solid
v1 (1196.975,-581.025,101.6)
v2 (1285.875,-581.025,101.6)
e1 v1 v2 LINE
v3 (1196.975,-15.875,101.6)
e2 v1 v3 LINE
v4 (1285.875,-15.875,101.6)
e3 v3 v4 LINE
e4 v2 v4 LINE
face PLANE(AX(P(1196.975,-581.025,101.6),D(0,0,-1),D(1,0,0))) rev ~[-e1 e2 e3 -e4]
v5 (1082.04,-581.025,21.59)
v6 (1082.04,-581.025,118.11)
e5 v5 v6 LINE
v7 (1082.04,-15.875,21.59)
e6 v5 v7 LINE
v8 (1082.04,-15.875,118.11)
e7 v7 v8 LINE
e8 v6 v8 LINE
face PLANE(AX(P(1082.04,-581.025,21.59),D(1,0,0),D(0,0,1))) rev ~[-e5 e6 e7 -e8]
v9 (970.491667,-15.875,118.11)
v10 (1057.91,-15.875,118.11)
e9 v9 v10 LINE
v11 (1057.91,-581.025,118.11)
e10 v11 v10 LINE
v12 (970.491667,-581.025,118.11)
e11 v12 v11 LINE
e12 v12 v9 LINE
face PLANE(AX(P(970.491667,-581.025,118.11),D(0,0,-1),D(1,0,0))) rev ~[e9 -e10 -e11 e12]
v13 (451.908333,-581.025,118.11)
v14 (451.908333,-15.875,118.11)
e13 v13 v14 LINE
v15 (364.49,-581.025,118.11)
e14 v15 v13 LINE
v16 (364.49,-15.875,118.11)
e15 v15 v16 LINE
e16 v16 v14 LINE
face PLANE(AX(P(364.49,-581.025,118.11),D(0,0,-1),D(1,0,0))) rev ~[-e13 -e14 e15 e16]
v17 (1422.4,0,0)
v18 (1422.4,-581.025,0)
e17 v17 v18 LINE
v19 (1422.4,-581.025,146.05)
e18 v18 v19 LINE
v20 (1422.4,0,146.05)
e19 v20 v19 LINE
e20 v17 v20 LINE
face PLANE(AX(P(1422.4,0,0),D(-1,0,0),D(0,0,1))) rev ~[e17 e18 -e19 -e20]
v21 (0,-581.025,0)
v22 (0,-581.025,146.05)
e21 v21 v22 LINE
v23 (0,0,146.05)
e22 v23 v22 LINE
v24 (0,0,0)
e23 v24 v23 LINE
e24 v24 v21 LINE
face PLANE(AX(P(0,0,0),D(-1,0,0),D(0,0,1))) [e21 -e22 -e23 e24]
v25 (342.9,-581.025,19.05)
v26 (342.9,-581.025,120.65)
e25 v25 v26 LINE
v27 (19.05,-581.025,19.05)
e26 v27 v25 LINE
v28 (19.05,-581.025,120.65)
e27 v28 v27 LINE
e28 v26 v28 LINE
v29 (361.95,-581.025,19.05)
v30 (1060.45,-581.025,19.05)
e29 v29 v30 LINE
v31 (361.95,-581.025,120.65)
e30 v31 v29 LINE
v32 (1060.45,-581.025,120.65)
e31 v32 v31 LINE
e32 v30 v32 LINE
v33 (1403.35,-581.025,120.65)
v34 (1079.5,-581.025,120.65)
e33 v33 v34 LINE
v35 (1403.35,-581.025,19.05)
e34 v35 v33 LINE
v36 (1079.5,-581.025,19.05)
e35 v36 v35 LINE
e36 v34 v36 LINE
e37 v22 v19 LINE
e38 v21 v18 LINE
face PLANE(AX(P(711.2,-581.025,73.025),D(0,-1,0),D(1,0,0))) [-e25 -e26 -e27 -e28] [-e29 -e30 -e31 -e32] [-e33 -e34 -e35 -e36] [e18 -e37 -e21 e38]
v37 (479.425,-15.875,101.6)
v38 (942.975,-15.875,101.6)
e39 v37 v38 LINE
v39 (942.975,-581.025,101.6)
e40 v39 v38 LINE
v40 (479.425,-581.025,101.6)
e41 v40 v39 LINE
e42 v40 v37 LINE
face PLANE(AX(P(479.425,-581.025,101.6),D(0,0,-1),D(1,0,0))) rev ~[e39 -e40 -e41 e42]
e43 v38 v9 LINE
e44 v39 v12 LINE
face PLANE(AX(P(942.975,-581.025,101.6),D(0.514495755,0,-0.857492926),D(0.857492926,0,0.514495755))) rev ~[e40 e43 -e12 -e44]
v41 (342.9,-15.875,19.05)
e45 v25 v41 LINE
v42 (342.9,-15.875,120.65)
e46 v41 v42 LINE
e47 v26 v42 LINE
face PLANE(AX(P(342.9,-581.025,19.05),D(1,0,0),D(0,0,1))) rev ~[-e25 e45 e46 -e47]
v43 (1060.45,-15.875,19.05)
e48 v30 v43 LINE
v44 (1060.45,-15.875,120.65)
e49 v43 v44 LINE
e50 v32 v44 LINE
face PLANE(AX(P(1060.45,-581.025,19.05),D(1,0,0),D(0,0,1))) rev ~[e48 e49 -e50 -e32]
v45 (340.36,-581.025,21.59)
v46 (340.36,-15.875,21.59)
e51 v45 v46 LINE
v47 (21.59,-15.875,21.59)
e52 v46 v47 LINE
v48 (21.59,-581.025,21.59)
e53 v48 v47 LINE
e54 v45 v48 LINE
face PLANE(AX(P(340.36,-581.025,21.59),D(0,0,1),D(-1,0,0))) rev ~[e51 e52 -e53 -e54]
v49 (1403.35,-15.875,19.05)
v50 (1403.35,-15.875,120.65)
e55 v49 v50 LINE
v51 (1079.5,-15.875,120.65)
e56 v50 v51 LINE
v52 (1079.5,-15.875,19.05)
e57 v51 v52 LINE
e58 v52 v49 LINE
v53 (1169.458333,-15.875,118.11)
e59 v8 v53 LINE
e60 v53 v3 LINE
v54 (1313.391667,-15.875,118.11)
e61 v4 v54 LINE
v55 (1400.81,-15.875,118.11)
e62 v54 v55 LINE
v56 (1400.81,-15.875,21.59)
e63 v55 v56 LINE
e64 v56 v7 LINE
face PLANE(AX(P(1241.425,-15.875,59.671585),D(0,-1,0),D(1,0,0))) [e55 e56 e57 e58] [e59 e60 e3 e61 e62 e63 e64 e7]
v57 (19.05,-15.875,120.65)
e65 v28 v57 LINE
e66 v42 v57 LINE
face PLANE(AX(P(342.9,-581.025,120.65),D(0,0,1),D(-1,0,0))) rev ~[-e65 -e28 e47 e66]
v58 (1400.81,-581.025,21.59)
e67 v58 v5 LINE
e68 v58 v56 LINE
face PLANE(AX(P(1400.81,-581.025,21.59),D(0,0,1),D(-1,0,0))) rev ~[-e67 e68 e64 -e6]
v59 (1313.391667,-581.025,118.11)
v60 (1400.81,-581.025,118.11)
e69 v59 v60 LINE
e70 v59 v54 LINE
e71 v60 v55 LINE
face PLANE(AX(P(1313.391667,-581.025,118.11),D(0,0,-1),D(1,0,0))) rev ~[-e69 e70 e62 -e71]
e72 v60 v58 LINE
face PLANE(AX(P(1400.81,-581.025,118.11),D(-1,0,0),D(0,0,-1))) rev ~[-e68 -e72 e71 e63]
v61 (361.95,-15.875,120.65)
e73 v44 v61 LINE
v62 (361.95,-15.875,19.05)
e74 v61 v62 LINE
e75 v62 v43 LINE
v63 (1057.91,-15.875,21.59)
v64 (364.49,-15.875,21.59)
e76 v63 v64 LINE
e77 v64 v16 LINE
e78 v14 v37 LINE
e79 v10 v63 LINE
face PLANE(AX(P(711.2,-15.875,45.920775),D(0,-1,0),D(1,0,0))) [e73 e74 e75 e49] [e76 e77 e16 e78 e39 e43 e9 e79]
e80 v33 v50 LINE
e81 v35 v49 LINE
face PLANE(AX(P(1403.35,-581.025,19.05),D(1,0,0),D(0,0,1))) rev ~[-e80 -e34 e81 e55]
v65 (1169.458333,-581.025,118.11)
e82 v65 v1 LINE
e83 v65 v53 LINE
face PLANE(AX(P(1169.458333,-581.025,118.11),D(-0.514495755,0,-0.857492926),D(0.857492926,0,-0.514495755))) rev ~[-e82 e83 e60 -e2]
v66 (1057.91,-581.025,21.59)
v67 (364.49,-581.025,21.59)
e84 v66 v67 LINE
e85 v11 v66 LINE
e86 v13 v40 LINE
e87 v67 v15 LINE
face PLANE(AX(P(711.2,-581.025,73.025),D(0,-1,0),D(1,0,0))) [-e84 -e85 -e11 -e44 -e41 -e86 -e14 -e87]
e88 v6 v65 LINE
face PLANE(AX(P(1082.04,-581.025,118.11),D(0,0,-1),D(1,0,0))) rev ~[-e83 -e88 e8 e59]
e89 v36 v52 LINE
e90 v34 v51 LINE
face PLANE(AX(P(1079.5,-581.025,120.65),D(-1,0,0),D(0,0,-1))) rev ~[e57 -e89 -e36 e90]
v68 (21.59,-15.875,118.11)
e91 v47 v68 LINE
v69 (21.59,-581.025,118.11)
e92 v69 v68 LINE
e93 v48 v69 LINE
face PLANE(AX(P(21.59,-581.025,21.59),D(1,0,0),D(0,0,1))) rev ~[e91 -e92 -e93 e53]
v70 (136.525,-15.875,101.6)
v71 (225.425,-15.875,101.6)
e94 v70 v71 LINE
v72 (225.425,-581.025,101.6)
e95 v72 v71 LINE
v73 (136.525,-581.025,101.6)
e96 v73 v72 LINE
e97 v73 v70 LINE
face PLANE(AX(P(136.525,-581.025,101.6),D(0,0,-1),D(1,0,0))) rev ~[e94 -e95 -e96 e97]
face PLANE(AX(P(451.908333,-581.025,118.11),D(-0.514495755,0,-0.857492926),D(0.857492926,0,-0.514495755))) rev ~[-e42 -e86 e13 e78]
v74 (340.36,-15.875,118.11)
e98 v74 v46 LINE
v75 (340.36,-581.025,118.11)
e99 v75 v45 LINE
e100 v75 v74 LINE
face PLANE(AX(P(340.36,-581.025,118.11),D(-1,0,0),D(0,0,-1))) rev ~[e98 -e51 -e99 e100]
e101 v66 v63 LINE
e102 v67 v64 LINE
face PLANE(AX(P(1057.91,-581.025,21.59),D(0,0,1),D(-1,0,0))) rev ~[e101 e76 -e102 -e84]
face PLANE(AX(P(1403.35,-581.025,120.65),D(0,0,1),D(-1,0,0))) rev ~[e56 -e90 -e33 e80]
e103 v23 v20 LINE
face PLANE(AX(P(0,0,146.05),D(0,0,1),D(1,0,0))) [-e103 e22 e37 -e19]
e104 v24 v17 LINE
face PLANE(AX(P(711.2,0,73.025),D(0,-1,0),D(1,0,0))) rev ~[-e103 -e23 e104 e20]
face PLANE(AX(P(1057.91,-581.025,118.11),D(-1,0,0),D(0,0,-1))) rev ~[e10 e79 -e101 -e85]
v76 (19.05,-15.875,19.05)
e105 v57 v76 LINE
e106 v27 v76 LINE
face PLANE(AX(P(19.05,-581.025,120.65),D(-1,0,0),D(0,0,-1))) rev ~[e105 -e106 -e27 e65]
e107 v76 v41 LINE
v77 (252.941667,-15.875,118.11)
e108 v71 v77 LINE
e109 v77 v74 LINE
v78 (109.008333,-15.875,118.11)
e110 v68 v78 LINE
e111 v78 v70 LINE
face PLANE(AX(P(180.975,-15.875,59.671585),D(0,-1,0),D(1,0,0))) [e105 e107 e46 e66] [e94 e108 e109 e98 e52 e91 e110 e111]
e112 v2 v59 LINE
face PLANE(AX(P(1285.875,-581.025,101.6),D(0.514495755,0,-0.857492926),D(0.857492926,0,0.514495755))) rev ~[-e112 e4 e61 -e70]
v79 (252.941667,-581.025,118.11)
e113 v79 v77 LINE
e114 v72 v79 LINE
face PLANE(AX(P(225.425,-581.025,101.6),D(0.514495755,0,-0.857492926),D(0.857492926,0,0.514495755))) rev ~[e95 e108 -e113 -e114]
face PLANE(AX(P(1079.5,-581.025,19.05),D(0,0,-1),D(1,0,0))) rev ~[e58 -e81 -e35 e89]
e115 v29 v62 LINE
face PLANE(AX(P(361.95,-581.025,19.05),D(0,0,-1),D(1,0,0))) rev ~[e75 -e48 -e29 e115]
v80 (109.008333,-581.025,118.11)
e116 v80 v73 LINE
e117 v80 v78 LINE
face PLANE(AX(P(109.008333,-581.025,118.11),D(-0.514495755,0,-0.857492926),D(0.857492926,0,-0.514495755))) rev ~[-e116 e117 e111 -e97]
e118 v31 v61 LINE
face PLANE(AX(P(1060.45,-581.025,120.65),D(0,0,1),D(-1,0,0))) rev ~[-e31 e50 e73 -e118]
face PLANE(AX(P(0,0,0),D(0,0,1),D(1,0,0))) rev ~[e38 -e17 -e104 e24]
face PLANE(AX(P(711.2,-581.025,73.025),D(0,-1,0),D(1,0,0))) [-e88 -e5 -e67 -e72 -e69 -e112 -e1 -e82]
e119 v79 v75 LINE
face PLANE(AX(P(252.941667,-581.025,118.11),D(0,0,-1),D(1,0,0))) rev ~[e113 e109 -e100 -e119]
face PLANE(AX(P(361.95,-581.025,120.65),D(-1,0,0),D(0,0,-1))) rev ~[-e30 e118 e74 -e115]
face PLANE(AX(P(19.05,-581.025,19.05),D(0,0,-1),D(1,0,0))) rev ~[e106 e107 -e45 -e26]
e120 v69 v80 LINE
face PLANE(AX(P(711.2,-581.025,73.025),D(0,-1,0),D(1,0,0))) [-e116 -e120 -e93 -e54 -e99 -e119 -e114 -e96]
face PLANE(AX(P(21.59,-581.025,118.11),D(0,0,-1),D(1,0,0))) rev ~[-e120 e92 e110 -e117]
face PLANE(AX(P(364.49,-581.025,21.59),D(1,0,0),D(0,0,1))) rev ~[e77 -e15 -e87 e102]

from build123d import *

# Parameters (mm, degrees)
F0_W     = 1422.4
F0_H     = 146.05
F1_DEPTH = 581.025
F3_DEPTH = 565.15


with BuildPart() as f1:
    # F0 (on Front) → F1 (new body)
    with BuildSketch(Plane.XZ):
        with Locations((711.2, 73.025)):
            Rectangle(F0_W, F0_H)
    extrude(amount=F1_DEPTH)

    # F2 (on face) → F3 (cut)
    with BuildSketch(Plane.XZ.offset(581.025)):
        Polygon((104.775, 120.65), (19.05, 120.65), (19.05, 19.05), (342.9, 19.05), (342.9, 120.65), (257.175, 120.65), (252.9416666667, 118.11), (340.36, 118.11), (340.36, 21.59), (21.59, 21.59), (21.59, 118.11), (109.0083333333, 118.11), align=None)
        Polygon((361.95, 120.65), (361.95, 19.05), (1060.45, 19.05), (1060.45, 120.65), (974.725, 120.65), (970.4916666667, 118.11), (1057.91, 118.11), (1057.91, 21.59), (364.49, 21.59), (364.49, 118.11), (451.9083333333, 118.11), (447.675, 120.65), align=None)
        Polygon((1165.225, 120.65), (1079.5, 120.65), (1079.5, 19.05), (1403.35, 19.05), (1403.35, 120.65), (1317.625, 120.65), (1313.3916666667, 118.11), (1400.81, 118.11), (1400.81, 21.59), (1082.04, 21.59), (1082.04, 118.11), (1169.4583333333, 118.11), align=None)
        Polygon((1317.625, 120.65), (1165.225, 120.65), (1169.4583333333, 118.11), (1313.3916666667, 118.11), align=None)
        Polygon((1313.3916666667, 118.11), (1169.4583333333, 118.11), (1196.975, 101.6), (1285.875, 101.6), align=None)
        Polygon((970.4916666667, 118.11), (451.9083333333, 118.11), (479.425, 101.6), (942.975, 101.6), align=None)
        Polygon((974.725, 120.65), (447.675, 120.65), (451.9083333333, 118.11), (970.4916666667, 118.11), align=None)
        Polygon((257.175, 120.65), (104.775, 120.65), (109.0083333333, 118.11), (252.9416666667, 118.11), align=None)
        Polygon((252.9416666667, 118.11), (109.0083333333, 118.11), (136.525, 101.6), (225.425, 101.6), align=None)
    extrude(amount=-F3_DEPTH, mode=Mode.SUBTRACT)


solid = f1.part
